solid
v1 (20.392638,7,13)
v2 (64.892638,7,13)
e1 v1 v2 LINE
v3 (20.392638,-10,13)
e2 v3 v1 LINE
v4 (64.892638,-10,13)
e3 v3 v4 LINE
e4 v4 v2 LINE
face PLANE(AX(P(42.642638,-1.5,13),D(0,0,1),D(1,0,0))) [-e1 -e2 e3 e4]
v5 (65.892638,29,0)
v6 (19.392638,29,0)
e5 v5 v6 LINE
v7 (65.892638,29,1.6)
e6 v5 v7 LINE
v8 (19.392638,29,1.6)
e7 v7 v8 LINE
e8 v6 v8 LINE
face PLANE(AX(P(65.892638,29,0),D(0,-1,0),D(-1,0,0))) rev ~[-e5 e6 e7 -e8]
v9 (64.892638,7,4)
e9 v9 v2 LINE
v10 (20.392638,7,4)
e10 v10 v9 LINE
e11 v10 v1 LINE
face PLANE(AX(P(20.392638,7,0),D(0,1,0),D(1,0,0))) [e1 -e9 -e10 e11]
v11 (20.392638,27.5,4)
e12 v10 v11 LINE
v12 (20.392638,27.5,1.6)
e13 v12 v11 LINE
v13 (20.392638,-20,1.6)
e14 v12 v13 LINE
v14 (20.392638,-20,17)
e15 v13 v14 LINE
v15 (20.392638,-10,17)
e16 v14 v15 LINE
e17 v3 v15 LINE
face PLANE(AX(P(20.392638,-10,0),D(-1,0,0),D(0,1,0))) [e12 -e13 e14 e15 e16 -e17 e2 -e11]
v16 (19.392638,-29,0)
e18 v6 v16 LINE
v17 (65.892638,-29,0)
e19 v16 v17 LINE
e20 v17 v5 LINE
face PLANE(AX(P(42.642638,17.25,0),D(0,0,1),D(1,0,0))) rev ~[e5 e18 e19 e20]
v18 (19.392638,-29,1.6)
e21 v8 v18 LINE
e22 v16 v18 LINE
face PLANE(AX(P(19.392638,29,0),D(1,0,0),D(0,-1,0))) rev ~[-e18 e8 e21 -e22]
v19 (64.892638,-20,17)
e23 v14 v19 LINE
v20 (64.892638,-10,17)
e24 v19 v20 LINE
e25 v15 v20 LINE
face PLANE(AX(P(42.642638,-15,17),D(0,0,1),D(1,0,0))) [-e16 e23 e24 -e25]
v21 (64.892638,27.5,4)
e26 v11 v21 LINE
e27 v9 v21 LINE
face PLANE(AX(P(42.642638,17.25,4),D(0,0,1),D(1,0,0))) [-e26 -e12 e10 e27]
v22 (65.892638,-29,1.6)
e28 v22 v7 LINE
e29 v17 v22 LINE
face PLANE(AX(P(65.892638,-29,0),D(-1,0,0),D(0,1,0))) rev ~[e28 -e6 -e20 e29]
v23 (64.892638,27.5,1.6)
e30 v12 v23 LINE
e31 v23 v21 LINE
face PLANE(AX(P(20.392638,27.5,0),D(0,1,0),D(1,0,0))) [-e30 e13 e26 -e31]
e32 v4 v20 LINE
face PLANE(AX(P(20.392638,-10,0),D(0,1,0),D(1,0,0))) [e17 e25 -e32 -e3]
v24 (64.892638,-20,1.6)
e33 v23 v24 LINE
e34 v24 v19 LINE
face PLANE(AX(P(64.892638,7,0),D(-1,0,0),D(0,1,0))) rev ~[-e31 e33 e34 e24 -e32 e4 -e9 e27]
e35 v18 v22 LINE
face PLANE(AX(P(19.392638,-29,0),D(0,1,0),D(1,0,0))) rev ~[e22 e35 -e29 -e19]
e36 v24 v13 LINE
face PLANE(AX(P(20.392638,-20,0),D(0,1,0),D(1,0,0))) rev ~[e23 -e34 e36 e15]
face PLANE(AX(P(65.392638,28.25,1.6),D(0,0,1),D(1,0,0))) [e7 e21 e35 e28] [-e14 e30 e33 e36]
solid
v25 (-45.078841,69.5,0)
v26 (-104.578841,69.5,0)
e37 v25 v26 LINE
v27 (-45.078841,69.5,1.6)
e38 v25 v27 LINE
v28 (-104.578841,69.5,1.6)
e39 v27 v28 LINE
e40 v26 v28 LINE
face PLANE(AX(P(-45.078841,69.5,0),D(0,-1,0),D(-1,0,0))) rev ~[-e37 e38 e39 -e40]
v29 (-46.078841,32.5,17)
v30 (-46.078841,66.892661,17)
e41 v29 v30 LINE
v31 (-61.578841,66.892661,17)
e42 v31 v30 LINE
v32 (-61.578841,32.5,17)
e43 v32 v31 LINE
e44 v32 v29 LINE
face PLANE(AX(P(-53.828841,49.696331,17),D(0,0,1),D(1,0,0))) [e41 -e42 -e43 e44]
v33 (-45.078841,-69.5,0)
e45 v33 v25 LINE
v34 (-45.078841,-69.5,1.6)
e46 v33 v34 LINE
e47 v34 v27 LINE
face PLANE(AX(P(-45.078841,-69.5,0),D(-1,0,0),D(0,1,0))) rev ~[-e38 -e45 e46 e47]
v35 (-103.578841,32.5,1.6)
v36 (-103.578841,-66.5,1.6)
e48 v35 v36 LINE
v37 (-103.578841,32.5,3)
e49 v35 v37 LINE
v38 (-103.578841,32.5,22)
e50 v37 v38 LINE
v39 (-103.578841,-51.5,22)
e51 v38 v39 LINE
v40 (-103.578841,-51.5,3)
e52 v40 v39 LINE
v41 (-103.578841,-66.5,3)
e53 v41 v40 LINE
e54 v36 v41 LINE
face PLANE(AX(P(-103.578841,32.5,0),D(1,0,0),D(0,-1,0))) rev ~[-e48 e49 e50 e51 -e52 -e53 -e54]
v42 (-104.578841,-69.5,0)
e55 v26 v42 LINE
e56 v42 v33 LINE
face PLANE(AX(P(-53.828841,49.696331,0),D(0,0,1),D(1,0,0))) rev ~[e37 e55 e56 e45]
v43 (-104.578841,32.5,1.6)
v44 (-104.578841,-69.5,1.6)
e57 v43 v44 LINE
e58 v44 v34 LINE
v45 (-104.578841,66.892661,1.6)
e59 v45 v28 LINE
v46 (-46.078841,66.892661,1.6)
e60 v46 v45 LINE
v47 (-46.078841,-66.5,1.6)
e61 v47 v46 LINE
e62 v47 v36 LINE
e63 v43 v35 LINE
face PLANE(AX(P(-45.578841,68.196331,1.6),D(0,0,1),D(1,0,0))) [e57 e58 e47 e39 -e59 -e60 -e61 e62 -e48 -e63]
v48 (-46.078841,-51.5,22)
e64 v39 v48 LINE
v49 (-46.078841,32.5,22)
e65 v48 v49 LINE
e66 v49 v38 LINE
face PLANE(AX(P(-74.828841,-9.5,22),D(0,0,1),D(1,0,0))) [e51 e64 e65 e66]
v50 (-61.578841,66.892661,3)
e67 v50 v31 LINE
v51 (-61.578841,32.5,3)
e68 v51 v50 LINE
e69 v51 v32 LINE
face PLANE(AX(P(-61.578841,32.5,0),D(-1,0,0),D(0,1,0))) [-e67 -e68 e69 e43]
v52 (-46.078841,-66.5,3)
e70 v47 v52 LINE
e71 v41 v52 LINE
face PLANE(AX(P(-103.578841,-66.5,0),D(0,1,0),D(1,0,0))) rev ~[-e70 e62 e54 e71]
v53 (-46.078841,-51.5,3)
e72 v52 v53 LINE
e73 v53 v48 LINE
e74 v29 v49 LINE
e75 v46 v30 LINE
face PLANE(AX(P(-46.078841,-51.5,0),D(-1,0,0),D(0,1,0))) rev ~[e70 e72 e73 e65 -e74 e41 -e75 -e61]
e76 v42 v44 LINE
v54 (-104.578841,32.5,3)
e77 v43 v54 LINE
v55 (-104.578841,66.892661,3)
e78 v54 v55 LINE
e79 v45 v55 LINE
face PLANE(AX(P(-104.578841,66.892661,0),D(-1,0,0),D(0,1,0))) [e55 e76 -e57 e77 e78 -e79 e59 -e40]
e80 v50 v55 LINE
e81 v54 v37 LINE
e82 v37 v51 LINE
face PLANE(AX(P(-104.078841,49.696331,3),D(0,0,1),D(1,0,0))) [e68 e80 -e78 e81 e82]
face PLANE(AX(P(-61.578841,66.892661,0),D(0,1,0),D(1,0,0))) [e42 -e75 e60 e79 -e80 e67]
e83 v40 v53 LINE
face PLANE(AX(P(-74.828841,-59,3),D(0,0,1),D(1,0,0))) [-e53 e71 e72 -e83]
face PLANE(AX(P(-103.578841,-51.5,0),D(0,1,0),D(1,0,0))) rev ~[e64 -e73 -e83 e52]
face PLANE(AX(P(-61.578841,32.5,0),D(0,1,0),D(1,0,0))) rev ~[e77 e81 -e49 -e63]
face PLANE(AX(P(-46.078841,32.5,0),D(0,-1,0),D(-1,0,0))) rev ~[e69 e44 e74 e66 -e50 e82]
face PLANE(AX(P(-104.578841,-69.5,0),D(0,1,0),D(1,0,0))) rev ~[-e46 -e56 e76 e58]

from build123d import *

# Parameters (mm, degrees)
F0_W     = 1
F0_H     = 2.6073388457
F0_H_2   = 3
F0_W_2   = 57.5
F0_H_3   = 84
F0_H_4   = 15
F0_H_5   = 34.3926611543
F1_DEPTH = 1.6
F0_H_6   = 1.5
F0_W_3   = 44.5
F0_H_7   = 9
F0_H_8   = 20.5
F0_H_9   = 17
F0_H_10  = 10
F0_W_4   = 42
F2_DEPTH = 3
F0_W_5   = 15.5
F3_DEPTH = 17
F4_DEPTH = 22
F5_DEPTH = 4
F6_DEPTH = 13


with BuildPart() as f1:
    # F0 (on Top) → F1 (new body)
    with BuildSketch(Plane.XY):
        with Locations((-45.5788407922, 68.1963305771)):
            Rectangle(F0_W, F0_H)
        Polygon((-61.5788407922, 66.8926611543), (-46.0788407922, 66.8926611543), (-46.0788407922, 69.5), (-103.5788407922, 69.5), (-103.5788407922, 66.8926611543), align=None)
        with Locations((-104.0788407922, 68.1963305771)):
            Rectangle(F0_W, F0_H)
        with Locations((-45.5788407922, -68)):
            Rectangle(F0_W, F0_H_2)
        with Locations((-74.8288407922, -68)):
            Rectangle(F0_W_2, F0_H_2)
        with Locations((-104.0788407922, -68)):
            Rectangle(F0_W, F0_H_2)
        with Locations((-104.0788407922, -9.5)):
            Rectangle(F0_W, F0_H_3)
        with Locations((-104.0788407922, -59)):
            Rectangle(F0_W, F0_H_4)
        with Locations((-45.5788407922, -59)):
            Rectangle(F0_W, F0_H_4)
        with Locations((-45.5788407922, -9.5)):
            Rectangle(F0_W, F0_H_3)
        with Locations((-45.5788407922, 49.6963305771)):
            Rectangle(F0_W, F0_H_5)
    extrude(amount=F1_DEPTH)

    # F0 (on Top) → F2 (join)
    with BuildSketch(Plane.XY):
        with Locations((-74.8288407922, -59)):
            Rectangle(F0_W_2, F0_H_4)
        with Locations((-104.0788407922, 49.6963305771)):
            Rectangle(F0_W, F0_H_5)
        with Locations((-82.5788407922, 49.6963305771)):
            Rectangle(F0_W_4, F0_H_5)
    extrude(amount=F2_DEPTH)

    # F0 (on Top) → F3 (join)
    with BuildSketch(Plane.XY):
        with Locations((-53.8288407922, 49.6963305771)):
            Rectangle(F0_W_5, F0_H_5)
    extrude(amount=F3_DEPTH)

    # F0 (on Top) → F4 (join)
    with BuildSketch(Plane.XY):
        Polygon((-103.5788407922, -51.5), (-46.0788407922, -51.5), (-46.0788407922, 32.5), (-61.5788407922, 32.5), (-103.5788407922, 32.5), align=None)
    extrude(amount=F4_DEPTH)


with BuildPart() as f1b:
    # F0 (on Top) → F1, piece 2 (new body)
    with BuildSketch(Plane.XY):
        with Locations((65.3926380873, 28.25)):
            Rectangle(F0_W, F0_H_6)
        with Locations((42.6426380873, 28.25)):
            Rectangle(F0_W_3, F0_H_6)
        with Locations((19.8926380873, 28.25)):
            Rectangle(F0_W, F0_H_6)
        with Locations((65.3926380873, -24.5)):
            Rectangle(F0_W, F0_H_7)
        with Locations((42.6426380873, -24.5)):
            Rectangle(F0_W_3, F0_H_7)
        with Locations((19.8926380873, -24.5)):
            Rectangle(F0_W, F0_H_7)
        with Locations((19.8926380873, 17.25)):
            Rectangle(F0_W, F0_H_8)
        with Locations((19.8926380873, -1.5)):
            Rectangle(F0_W, F0_H_9)
        with Locations((19.8926380873, -15)):
            Rectangle(F0_W, F0_H_10)
        with Locations((65.3926380873, -15)):
            Rectangle(F0_W, F0_H_10)
        with Locations((65.3926380873, -1.5)):
            Rectangle(F0_W, F0_H_9)
        with Locations((65.3926380873, 17.25)):
            Rectangle(F0_W, F0_H_8)
    extrude(amount=F1_DEPTH)

    # F0 (on Top) → F3, piece 2 (join)
    with BuildSketch(Plane.XY):
        with Locations((42.6426380873, -15)):
            Rectangle(F0_W_3, F0_H_10)
    extrude(amount=F3_DEPTH)

    # F0 (on Top) → F5 (join)
    with BuildSketch(Plane.XY):
        with Locations((42.6426380873, 17.25)):
            Rectangle(F0_W_3, F0_H_8)
    extrude(amount=F5_DEPTH)

    # F0 (on Top) → F6 (join)
    with BuildSketch(Plane.XY):
        with Locations((42.6426380873, -1.5)):
            Rectangle(F0_W_3, F0_H_9)
    extrude(amount=F6_DEPTH)


solid = Compound([f1.part, f1b.part])
